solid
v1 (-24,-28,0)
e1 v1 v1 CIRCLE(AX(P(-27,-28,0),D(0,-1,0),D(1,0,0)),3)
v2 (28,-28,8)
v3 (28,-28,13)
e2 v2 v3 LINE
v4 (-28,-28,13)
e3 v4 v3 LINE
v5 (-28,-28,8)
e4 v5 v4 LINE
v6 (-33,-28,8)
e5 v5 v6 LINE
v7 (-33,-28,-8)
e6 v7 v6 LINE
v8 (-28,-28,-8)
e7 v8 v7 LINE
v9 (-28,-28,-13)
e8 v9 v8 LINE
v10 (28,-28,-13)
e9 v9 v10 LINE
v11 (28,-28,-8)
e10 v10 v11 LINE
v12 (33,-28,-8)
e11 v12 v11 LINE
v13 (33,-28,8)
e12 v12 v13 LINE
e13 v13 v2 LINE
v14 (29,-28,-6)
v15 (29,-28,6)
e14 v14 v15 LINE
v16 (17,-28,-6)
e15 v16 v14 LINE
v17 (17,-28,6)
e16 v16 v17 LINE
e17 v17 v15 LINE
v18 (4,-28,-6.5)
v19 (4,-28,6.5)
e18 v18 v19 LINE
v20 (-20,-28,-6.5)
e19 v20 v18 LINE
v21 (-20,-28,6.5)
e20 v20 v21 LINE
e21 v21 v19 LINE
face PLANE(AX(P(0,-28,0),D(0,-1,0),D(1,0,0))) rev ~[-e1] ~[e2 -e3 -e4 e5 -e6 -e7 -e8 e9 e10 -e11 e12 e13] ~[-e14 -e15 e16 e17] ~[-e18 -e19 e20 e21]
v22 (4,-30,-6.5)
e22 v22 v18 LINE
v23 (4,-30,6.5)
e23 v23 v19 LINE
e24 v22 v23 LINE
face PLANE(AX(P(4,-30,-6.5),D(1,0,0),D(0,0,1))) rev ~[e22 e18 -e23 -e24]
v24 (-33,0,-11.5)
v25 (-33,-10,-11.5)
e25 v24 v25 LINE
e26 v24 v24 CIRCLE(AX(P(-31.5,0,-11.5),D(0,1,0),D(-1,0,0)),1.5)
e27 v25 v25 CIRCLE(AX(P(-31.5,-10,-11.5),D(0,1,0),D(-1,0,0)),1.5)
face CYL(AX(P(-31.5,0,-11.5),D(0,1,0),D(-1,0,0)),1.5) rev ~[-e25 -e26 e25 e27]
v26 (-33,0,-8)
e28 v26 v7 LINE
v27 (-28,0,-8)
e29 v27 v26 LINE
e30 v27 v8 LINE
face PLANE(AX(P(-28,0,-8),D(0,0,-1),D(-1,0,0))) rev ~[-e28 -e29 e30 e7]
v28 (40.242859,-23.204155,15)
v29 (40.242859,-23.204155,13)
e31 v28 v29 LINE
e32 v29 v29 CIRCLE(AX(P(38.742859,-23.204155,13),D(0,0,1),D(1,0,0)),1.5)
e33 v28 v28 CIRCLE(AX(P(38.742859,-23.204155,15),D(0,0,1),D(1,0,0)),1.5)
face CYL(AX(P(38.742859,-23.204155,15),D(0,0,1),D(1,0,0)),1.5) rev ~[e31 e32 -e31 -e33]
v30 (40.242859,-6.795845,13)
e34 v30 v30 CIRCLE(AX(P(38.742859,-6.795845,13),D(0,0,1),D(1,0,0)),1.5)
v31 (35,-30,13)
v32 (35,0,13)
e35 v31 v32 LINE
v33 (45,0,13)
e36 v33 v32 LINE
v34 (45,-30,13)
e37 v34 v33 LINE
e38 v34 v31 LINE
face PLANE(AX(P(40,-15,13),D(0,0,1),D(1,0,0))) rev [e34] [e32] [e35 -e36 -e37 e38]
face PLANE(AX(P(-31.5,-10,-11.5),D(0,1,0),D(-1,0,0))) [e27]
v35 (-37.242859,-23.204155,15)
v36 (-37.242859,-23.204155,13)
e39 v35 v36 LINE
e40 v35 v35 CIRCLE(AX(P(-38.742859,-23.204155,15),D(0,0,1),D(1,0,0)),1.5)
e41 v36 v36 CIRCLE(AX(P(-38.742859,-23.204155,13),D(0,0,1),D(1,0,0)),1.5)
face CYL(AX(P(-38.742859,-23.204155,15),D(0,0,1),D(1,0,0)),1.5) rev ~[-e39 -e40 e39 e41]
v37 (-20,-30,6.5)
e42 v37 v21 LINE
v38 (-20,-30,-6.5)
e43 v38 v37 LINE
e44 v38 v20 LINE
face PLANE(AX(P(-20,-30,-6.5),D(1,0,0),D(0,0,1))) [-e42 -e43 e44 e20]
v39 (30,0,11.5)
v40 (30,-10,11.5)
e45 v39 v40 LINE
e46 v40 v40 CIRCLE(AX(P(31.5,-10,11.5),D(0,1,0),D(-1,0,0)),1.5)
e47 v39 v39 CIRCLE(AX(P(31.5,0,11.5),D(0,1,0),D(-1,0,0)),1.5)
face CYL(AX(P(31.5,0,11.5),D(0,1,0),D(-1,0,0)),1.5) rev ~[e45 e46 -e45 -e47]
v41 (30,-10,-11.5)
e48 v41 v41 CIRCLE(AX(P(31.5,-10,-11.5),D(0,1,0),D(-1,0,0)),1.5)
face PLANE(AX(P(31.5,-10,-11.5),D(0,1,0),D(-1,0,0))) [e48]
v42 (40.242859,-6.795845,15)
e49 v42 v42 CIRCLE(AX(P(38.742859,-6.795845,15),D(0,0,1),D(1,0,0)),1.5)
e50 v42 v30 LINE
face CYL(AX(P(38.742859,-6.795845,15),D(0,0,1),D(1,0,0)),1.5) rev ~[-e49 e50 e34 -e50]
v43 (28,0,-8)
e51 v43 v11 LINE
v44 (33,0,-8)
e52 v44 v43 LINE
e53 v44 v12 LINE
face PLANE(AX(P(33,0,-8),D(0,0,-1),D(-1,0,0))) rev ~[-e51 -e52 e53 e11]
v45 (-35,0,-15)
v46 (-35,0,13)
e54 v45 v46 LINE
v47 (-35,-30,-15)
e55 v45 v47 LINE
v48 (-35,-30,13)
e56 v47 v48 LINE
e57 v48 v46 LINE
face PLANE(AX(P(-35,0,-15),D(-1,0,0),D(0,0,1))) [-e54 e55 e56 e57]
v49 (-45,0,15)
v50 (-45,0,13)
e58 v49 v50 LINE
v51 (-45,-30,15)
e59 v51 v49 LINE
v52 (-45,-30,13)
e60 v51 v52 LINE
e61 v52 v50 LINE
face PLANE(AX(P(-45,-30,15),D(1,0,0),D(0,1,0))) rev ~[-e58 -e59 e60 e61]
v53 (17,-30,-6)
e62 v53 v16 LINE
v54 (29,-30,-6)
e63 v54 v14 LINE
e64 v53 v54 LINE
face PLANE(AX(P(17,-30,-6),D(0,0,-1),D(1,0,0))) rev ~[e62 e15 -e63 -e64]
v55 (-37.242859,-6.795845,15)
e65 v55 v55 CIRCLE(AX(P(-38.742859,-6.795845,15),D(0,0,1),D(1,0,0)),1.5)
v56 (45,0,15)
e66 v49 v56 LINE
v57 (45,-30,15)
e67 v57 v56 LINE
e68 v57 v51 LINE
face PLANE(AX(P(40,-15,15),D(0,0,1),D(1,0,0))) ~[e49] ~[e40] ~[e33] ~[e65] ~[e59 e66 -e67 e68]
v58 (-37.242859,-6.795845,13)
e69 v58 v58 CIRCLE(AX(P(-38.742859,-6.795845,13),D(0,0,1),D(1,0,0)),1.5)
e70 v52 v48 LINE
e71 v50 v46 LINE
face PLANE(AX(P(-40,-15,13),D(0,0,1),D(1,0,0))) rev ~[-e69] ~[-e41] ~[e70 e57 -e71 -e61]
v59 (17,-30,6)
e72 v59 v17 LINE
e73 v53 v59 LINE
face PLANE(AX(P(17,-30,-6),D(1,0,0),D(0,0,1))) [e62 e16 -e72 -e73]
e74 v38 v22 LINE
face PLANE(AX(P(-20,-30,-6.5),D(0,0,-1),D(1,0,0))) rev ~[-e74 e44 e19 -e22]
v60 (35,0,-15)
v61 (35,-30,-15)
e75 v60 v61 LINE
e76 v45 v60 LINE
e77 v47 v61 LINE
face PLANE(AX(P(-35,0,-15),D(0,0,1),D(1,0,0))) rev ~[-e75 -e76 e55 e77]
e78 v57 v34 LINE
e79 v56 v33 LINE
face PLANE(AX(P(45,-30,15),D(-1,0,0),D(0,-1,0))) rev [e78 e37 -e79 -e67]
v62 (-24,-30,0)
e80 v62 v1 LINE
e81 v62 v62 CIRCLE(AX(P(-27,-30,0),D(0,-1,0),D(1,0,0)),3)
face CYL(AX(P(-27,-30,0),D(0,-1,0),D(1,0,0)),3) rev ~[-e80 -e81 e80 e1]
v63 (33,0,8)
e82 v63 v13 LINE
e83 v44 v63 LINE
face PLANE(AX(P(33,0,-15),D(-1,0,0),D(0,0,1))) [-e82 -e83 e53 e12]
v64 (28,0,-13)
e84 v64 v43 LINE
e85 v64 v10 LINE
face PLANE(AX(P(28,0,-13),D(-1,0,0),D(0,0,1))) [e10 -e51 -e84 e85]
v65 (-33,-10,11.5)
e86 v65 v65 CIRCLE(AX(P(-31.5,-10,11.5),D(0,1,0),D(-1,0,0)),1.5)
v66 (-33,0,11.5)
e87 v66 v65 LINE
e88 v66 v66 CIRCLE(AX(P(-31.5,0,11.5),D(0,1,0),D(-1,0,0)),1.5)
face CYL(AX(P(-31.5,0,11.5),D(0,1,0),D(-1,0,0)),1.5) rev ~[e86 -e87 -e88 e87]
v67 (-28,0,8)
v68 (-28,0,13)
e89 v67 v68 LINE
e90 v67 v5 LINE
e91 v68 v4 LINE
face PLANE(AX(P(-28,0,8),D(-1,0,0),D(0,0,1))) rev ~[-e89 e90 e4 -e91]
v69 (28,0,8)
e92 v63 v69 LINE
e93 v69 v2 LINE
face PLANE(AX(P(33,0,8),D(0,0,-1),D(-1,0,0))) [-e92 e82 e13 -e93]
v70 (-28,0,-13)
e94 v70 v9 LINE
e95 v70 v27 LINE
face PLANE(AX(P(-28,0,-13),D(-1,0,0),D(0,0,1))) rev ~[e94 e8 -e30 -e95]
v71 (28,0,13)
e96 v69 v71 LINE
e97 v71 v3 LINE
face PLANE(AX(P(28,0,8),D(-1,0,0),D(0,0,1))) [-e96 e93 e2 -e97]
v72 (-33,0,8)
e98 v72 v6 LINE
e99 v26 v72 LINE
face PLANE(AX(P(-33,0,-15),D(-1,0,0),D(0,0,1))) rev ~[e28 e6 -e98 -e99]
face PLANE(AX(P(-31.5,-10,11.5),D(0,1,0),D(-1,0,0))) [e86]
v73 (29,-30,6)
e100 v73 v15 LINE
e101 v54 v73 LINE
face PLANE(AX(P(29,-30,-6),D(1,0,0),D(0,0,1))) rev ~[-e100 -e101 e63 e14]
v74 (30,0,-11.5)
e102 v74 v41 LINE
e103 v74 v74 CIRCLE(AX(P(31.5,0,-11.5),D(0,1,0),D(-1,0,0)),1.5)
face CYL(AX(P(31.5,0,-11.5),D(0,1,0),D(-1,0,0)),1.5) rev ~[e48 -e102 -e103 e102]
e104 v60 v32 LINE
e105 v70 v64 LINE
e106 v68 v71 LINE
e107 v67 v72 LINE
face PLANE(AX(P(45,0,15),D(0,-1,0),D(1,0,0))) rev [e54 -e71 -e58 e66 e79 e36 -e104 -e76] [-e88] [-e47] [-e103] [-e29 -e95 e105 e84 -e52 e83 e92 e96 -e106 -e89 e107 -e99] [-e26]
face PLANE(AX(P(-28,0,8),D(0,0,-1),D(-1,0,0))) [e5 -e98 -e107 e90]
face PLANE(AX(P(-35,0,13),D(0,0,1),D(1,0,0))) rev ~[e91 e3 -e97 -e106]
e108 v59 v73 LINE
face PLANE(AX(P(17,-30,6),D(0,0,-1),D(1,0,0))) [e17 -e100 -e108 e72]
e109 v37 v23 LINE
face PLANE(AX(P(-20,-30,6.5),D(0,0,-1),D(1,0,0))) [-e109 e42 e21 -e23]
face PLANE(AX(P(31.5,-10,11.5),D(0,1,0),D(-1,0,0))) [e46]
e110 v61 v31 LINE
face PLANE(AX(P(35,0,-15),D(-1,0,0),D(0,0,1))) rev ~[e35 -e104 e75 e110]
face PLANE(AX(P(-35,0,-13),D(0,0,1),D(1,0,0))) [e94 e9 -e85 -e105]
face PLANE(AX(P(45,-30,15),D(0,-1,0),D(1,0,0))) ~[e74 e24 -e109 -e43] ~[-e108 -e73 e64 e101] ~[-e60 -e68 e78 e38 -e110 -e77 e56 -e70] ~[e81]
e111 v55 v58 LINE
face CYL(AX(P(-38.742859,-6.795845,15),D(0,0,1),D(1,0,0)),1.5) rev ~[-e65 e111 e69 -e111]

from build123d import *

# Parameters (mm, degrees)
F0_W      = 70
F0_H      = 30
F1_DEPTH  = 30
F2_T      = -2
F3_R      = 3
F3_W      = 12
F3_H      = 12
F3_W_2    = 24
F3_H_2    = 13
F4_DEPTH  = 30.001
F5_W      = 5
F5_H      = 5
F6_DEPTH  = 28
F7_R      = 1.5
F8_DEPTH  = 10
F9_W      = 10
F9_H      = 30
F10_DEPTH = 2
F12_R     = 1.5
F13_DEPTH = 30.001


with BuildPart() as f1:
    # F0 (on Front) → F1 (new body)
    with BuildSketch(Plane.XZ):
        Rectangle(F0_W, F0_H)
    extrude(amount=F1_DEPTH)

    # F2
    f2_openings = [f1.faces().sort_by_distance(p)[0] for p in [
        (0, 0, 0),
    ]]
    offset(amount=F2_T, openings=f2_openings)

    # F3 (on face) → F4 (cut, through all)
    with BuildSketch(Plane.XZ.offset(30)):
        with Locations((-27, 0)):
            Circle(F3_R)
        with Locations((23, 0)):
            Rectangle(F3_W, F3_H)
        with Locations((-8, 0)):
            Rectangle(F3_W_2, F3_H_2)
    extrude(amount=-F4_DEPTH, mode=Mode.SUBTRACT)

    # F5 (on face) → F6 (join, through all)
    with BuildSketch(Plane(origin=(0, 0, 0), x_dir=(-1, 0, 0), z_dir=(0, 1, 0))):
        with Locations((-30.5, 10.5)):
            Rectangle(F5_W, F5_H)
        with Locations((30.5, 10.5)):
            Rectangle(F5_W, F5_H)
        with Locations((30.5, -10.5)):
            Rectangle(F5_W, F5_H)
        with Locations((-30.5, -10.5)):
            Rectangle(F5_W, F5_H)
    extrude(amount=-F6_DEPTH)

    # F7 (on face) → F8 (cut)
    with BuildSketch(Plane(origin=(0, 0, 0), x_dir=(-1, 0, 0), z_dir=(0, 1, 0))):
        with Locations((-31.5, 11.5)):
            Circle(F7_R)
        with Locations((31.5, 11.5)):
            Circle(F7_R)
        with Locations((-31.5, -11.5)):
            Circle(F7_R)
        with Locations((31.5, -11.5)):
            Circle(F7_R)
    extrude(amount=-F8_DEPTH, mode=Mode.SUBTRACT)



with BuildPart() as f10:
    # F9 (on face) → F10 (new body)
    with BuildSketch(Plane.XY.offset(15)):
        with Locations((-40, -15)):
            Rectangle(F9_W, F9_H)
    extrude(amount=-F10_DEPTH)


with BuildPart() as f1_1:
    add(f1.part)

    add(f10.part)  # F11 merges F10
    # F11: F10 across plane
    add(f10.part.mirror(Plane.YZ))

    # F12 (on face) → F13 (cut, through all)
    with BuildSketch(Plane.XY.offset(15)):
        with Locations((-38.7428589165, -6.7958449945)):
            Circle(F12_R)
        with Locations((38.7428589165, -6.7958449945)):
            Circle(F12_R)
        with Locations((-38.7428589165, -23.2041550055)):
            Circle(F12_R)
        with Locations((38.7428589165, -23.2041550055)):
            Circle(F12_R)
    extrude(amount=-F13_DEPTH, mode=Mode.SUBTRACT)


solid = f1_1.part
